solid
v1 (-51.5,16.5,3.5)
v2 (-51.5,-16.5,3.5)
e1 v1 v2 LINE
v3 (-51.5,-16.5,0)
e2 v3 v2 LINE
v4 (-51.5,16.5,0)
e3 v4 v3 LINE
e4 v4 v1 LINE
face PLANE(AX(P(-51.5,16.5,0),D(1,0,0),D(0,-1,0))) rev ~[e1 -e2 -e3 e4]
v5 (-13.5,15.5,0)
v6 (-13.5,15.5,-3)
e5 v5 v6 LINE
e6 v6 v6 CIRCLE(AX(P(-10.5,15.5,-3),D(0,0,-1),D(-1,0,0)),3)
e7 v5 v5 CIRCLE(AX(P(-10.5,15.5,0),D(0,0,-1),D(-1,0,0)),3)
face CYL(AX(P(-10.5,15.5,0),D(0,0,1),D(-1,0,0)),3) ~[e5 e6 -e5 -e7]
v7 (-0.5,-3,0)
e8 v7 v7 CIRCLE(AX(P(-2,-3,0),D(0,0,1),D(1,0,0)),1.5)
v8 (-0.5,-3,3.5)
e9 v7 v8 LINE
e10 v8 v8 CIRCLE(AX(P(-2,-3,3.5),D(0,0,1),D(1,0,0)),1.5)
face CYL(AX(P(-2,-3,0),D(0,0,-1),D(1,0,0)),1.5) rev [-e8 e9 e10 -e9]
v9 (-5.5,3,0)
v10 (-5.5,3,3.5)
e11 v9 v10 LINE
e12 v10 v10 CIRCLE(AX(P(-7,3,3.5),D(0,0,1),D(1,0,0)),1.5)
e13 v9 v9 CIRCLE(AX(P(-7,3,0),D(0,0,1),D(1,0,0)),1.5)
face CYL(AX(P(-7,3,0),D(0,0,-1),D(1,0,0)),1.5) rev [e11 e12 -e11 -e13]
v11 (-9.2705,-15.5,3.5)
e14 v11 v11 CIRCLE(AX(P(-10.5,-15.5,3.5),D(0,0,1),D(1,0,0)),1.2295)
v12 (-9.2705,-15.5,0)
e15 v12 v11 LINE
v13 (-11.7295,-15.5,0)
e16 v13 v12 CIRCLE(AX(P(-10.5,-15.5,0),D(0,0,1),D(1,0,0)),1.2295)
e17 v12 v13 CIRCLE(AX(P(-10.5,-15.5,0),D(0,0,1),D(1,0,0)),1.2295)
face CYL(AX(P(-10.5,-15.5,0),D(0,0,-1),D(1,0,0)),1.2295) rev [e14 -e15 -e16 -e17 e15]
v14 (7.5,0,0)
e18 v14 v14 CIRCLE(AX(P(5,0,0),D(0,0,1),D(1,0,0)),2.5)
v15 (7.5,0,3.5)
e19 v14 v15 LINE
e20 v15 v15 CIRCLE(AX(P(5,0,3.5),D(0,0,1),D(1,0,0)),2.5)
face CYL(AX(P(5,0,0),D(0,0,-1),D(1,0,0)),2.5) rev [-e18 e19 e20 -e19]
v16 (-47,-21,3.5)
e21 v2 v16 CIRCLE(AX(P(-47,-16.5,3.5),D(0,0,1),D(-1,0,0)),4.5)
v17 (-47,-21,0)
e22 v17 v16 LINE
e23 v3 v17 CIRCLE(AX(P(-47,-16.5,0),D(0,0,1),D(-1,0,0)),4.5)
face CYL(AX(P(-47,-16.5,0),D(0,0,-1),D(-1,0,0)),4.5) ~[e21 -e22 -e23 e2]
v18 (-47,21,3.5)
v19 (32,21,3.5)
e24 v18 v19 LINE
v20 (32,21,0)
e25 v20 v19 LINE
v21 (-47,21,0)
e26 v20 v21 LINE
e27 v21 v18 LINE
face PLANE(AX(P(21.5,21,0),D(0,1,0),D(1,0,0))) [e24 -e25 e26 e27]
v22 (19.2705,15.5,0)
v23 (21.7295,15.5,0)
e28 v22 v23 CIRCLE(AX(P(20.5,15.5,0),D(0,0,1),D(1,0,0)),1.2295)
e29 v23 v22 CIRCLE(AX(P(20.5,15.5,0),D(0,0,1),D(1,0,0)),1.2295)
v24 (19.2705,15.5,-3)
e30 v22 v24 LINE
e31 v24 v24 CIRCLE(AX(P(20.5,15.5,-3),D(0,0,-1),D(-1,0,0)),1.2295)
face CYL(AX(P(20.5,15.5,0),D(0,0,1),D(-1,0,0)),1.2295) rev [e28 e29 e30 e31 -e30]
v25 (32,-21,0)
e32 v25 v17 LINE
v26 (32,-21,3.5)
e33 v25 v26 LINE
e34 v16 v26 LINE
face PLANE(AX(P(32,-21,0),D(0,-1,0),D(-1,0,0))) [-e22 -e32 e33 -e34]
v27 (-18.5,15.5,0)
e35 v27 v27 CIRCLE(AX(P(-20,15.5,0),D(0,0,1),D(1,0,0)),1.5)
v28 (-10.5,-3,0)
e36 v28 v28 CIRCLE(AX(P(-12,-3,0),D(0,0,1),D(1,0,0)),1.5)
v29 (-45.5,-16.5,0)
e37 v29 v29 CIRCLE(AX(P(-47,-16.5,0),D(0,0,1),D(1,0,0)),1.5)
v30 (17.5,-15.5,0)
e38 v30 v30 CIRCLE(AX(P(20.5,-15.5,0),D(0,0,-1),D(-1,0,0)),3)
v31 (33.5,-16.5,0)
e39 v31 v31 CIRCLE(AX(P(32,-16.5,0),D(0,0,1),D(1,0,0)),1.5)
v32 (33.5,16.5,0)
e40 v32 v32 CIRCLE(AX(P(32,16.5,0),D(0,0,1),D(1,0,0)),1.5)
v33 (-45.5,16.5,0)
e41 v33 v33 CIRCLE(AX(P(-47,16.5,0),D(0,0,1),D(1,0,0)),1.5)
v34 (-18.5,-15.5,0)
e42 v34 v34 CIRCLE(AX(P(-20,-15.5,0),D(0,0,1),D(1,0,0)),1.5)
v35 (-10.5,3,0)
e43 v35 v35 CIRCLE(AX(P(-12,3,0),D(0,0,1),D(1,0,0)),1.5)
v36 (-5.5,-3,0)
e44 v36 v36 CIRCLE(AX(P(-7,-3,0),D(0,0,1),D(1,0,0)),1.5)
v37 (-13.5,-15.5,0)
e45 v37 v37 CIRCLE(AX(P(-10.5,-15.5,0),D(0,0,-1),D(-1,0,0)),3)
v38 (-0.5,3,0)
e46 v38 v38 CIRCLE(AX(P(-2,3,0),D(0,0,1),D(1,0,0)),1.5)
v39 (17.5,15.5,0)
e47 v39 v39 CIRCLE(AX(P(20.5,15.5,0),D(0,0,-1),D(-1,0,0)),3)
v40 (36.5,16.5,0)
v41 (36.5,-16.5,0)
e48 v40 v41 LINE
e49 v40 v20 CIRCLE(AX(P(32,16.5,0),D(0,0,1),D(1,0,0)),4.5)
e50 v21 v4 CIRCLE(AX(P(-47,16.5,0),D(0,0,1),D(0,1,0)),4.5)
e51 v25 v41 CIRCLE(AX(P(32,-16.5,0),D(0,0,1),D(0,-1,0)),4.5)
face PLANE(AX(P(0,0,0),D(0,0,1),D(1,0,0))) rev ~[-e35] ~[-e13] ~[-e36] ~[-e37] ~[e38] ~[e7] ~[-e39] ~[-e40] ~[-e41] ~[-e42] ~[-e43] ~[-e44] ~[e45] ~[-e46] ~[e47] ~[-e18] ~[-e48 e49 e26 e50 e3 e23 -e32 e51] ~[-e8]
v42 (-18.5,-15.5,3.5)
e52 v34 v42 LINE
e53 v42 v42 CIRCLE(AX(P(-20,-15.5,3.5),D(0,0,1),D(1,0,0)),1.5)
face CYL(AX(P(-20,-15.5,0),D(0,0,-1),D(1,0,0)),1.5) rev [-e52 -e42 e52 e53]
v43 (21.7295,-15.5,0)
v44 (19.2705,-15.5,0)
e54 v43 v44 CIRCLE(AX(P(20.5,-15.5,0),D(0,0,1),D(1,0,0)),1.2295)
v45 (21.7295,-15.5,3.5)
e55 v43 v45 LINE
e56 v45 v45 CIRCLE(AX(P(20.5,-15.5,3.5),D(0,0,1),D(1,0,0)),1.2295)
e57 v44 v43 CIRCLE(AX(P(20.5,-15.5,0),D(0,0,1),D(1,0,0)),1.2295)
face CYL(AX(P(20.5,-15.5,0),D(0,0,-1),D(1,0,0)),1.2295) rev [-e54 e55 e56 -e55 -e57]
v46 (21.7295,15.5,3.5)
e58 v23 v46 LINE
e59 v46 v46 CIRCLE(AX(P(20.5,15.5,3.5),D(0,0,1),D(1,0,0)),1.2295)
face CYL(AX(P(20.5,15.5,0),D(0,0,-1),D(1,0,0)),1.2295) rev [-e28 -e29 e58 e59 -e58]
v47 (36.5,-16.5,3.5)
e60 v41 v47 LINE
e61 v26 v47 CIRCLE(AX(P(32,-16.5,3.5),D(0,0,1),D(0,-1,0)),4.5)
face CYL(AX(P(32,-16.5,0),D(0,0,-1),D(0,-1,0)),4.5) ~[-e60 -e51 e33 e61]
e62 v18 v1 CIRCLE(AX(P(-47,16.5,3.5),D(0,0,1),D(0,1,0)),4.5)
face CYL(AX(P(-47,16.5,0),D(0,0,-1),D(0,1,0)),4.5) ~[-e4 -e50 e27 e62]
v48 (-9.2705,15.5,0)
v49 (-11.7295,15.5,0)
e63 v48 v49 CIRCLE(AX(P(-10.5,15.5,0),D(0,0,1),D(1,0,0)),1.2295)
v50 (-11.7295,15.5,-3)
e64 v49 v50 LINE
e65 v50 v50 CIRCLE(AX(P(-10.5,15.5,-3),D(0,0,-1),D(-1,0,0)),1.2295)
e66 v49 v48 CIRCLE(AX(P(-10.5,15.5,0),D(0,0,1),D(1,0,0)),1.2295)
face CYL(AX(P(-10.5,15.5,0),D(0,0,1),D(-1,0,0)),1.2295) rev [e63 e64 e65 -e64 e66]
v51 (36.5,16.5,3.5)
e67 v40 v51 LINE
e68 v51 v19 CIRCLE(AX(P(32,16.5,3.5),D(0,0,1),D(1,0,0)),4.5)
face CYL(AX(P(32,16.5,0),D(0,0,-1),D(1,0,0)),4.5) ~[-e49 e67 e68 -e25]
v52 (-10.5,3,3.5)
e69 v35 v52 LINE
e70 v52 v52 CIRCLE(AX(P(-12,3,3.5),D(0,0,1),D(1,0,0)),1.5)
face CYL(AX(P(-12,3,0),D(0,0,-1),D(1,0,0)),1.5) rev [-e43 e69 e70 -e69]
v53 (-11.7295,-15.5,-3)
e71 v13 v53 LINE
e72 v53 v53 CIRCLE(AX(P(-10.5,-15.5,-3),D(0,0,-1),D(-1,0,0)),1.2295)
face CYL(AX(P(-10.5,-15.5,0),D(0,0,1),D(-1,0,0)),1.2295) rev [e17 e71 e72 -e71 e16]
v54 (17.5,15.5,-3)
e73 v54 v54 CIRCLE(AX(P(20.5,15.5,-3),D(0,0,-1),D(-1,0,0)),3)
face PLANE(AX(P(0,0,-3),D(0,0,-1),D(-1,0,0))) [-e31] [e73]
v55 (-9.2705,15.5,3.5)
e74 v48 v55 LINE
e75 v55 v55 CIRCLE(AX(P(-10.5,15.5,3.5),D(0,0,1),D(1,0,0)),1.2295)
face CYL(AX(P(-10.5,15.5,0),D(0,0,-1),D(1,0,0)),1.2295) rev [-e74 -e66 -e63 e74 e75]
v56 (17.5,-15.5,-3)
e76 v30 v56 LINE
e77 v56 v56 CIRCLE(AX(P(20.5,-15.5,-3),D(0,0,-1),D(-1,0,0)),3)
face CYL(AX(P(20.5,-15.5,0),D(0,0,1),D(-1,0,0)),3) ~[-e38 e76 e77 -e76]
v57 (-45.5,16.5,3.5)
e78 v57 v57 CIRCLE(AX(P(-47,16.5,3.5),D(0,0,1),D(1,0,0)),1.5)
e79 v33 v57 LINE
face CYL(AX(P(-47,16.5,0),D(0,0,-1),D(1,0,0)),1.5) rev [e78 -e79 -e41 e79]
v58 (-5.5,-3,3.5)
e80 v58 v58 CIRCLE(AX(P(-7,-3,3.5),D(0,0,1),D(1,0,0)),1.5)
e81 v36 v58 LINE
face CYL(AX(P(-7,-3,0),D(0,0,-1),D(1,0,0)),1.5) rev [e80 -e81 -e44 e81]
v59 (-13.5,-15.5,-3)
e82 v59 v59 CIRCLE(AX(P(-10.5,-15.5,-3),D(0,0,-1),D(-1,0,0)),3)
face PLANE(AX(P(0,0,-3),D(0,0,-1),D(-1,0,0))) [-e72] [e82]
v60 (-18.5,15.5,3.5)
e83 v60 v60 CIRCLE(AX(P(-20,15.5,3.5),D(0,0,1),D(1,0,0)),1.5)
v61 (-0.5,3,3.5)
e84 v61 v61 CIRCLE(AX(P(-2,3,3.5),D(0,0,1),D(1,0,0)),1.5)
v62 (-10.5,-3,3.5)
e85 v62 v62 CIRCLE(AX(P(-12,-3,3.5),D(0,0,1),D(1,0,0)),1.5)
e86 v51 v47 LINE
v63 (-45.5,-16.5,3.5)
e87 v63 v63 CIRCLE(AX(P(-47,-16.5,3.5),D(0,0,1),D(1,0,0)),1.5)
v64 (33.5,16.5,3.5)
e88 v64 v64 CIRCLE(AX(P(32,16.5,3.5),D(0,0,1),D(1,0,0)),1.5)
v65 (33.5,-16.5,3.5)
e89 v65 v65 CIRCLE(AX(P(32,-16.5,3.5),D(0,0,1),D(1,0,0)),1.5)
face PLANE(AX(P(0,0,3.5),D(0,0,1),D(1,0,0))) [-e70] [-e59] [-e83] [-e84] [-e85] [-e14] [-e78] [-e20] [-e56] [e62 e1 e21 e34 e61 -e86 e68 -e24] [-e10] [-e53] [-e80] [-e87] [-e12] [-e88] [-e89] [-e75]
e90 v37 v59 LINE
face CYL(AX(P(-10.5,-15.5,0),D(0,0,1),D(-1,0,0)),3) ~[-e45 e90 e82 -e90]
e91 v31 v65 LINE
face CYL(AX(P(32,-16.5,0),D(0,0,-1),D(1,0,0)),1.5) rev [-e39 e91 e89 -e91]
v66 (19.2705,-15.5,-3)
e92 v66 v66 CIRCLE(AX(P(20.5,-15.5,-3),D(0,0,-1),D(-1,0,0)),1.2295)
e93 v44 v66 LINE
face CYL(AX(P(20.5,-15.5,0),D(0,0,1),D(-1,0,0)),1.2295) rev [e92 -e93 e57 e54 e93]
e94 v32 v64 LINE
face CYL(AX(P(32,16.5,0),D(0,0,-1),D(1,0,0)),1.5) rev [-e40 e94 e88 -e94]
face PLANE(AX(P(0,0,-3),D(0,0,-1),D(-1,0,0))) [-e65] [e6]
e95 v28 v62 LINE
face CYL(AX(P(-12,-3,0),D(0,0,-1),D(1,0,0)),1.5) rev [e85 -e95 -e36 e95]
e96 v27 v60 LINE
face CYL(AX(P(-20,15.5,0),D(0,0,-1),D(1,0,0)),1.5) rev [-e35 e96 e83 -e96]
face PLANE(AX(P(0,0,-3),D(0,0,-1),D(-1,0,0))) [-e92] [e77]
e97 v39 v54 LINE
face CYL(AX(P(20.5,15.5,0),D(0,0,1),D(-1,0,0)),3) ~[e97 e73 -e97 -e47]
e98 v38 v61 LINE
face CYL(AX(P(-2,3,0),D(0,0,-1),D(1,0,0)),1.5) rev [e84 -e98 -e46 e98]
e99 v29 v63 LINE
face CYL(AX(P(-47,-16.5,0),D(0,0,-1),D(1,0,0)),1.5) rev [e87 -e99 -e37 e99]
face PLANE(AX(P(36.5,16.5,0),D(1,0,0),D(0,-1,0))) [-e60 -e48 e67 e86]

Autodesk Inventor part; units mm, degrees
ref_plane "YZ Plane" through (0, 0, 0) normal (1, 0, 0) x (0, 1, 0)
ref_plane "XZ Plane" through (0, 0, 0) normal (0, 1, 0) x (-1, 0, 0)
ref_plane "XY Plane" through (0, 0, 0) normal (0, 0, 1) x (1, 0, 0)
sketch "Sketch1" plane through (0, 0, 0) normal (0, 0, 1) x (1, 0, 0)
  line L0 (21.5, 21) -> (-21.5, 21) projected
  arc A0 (-21.5, 21) -> (-26, 16.5) centre (-21.5, 16.5) ccw construction
  line L1 (-26, 16.5) -> (-26, -16.5) construction
  arc A1 (-26, -16.5) -> (-21.5, -21) centre (-21.5, -16.5) ccw construction
  line L2 (-21.5, -21) -> (21.5, -21) projected
  arc A2 (21.5, -21) -> (26, -16.5) centre (21.5, -16.5) ccw construction
  line L3 (26, -16.5) -> (26, 16.5) construction
  arc A3 (26, 16.5) -> (21.5, 21) centre (21.5, 16.5) ccw construction
  circle A4 centre (5, 0) radius 2.5 projected
  circle A5 centre (-20, 15.5) radius 1.5 projected
  circle A6 centre (-10.5, -15.5) radius 1.2295 projected
  circle A7 centre (-10.5, 15.5) radius 1.2295 projected
  circle A8 centre (-2, 3) radius 1.5 projected
  circle A9 centre (-2, -3) radius 1.5 projected
  circle A10 centre (-7, 3) radius 1.5 projected
  circle A11 centre (-7, -3) radius 1.5 projected
  circle A12 centre (-12, 3) radius 1.5 projected
  circle A13 centre (-12, -3) radius 1.5 projected
  circle A14 centre (-20, -15.5) radius 1.5 projected
  circle A15 centre (20.5, -15.5) radius 1.2295 projected
  circle A16 centre (20.5, 15.5) radius 1.2295 projected
  line L4 (-21.5, 21) -> (-47, 21)
  line L5 (-51.5, 16.5) -> (-51.5, -16.5)
  line L6 (-47, -21) -> (-21.5, -21)
  arc A17 (-47, 21) -> (-51.5, 16.5) centre (-47, 16.5) ccw
  arc A18 (-51.5, -16.5) -> (-47, -21) centre (-47, -16.5) ccw
  circle A19 centre (-47, -16.5) radius 1.5
  circle A20 centre (-47, 16.5) radius 1.5
  line L7 (21.5, 21) -> (32, 21)
  line L8 (36.5, 16.5) -> (36.5, -16.5)
  line L9 (32, -21) -> (21.5, -21)
  arc A21 (36.5, 16.5) -> (32, 21) centre (32, 16.5) ccw
  arc A22 (32, -21) -> (36.5, -16.5) centre (32, -16.5) ccw
  circle A23 centre (32, 16.5) radius 1.5
  circle A24 centre (32, -16.5) radius 1.5
  point P0 (0, 0)
  point P1 (-51.5, 21)
  point P2 (36.5, 21)
  dimension "d0" = 30
  dimension "d1" = 4.5
  dimension "d2" = 3
  dimension "d3" = 3
  dimension "d13" = 15
  dimension "d14" = 4.5
  dimension "d15" = 3
  dimension "d16" = 3
extrude "Extrusion1" add sketch "Sketch1" along normal blind 3.5
ref_plane "Work Plane1" through (0, 0, 10.75) normal (0, 0, -1) x (-1, 0, 0)
sketch "Sketch2" plane through (0, 0, 0) normal (0, 0, -1) x (-1, 0, 0)
  circle A0 centre (-20.5, 15.5) radius 1.2295 projected
  circle A1 centre (-20.5, 15.5) radius 3
  circle A2 centre (10.5, 15.5) radius 1.2295 projected
  circle A3 centre (10.5, 15.5) radius 3
  circle A4 centre (-20.5, -15.5) radius 1.2295 projected
  circle A5 centre (-20.5, -15.5) radius 3
  circle A6 centre (10.5, -15.5) radius 1.2295 projected
  circle A7 centre (10.5, -15.5) radius 3
  point P0 (0, 0)
  dimension "d7" = 6
  dimension "d8" = 6
  dimension "d9" = 6
  dimension "d10" = 6
extrude "Extrusion2" add sketch "Sketch2" along normal blind 3
equation "\"d7\" = d8"
equation "\"d9\" = d8"
equation "\"d10\" = d8"
properties part number "housingBack" material "ABS Plastic"
